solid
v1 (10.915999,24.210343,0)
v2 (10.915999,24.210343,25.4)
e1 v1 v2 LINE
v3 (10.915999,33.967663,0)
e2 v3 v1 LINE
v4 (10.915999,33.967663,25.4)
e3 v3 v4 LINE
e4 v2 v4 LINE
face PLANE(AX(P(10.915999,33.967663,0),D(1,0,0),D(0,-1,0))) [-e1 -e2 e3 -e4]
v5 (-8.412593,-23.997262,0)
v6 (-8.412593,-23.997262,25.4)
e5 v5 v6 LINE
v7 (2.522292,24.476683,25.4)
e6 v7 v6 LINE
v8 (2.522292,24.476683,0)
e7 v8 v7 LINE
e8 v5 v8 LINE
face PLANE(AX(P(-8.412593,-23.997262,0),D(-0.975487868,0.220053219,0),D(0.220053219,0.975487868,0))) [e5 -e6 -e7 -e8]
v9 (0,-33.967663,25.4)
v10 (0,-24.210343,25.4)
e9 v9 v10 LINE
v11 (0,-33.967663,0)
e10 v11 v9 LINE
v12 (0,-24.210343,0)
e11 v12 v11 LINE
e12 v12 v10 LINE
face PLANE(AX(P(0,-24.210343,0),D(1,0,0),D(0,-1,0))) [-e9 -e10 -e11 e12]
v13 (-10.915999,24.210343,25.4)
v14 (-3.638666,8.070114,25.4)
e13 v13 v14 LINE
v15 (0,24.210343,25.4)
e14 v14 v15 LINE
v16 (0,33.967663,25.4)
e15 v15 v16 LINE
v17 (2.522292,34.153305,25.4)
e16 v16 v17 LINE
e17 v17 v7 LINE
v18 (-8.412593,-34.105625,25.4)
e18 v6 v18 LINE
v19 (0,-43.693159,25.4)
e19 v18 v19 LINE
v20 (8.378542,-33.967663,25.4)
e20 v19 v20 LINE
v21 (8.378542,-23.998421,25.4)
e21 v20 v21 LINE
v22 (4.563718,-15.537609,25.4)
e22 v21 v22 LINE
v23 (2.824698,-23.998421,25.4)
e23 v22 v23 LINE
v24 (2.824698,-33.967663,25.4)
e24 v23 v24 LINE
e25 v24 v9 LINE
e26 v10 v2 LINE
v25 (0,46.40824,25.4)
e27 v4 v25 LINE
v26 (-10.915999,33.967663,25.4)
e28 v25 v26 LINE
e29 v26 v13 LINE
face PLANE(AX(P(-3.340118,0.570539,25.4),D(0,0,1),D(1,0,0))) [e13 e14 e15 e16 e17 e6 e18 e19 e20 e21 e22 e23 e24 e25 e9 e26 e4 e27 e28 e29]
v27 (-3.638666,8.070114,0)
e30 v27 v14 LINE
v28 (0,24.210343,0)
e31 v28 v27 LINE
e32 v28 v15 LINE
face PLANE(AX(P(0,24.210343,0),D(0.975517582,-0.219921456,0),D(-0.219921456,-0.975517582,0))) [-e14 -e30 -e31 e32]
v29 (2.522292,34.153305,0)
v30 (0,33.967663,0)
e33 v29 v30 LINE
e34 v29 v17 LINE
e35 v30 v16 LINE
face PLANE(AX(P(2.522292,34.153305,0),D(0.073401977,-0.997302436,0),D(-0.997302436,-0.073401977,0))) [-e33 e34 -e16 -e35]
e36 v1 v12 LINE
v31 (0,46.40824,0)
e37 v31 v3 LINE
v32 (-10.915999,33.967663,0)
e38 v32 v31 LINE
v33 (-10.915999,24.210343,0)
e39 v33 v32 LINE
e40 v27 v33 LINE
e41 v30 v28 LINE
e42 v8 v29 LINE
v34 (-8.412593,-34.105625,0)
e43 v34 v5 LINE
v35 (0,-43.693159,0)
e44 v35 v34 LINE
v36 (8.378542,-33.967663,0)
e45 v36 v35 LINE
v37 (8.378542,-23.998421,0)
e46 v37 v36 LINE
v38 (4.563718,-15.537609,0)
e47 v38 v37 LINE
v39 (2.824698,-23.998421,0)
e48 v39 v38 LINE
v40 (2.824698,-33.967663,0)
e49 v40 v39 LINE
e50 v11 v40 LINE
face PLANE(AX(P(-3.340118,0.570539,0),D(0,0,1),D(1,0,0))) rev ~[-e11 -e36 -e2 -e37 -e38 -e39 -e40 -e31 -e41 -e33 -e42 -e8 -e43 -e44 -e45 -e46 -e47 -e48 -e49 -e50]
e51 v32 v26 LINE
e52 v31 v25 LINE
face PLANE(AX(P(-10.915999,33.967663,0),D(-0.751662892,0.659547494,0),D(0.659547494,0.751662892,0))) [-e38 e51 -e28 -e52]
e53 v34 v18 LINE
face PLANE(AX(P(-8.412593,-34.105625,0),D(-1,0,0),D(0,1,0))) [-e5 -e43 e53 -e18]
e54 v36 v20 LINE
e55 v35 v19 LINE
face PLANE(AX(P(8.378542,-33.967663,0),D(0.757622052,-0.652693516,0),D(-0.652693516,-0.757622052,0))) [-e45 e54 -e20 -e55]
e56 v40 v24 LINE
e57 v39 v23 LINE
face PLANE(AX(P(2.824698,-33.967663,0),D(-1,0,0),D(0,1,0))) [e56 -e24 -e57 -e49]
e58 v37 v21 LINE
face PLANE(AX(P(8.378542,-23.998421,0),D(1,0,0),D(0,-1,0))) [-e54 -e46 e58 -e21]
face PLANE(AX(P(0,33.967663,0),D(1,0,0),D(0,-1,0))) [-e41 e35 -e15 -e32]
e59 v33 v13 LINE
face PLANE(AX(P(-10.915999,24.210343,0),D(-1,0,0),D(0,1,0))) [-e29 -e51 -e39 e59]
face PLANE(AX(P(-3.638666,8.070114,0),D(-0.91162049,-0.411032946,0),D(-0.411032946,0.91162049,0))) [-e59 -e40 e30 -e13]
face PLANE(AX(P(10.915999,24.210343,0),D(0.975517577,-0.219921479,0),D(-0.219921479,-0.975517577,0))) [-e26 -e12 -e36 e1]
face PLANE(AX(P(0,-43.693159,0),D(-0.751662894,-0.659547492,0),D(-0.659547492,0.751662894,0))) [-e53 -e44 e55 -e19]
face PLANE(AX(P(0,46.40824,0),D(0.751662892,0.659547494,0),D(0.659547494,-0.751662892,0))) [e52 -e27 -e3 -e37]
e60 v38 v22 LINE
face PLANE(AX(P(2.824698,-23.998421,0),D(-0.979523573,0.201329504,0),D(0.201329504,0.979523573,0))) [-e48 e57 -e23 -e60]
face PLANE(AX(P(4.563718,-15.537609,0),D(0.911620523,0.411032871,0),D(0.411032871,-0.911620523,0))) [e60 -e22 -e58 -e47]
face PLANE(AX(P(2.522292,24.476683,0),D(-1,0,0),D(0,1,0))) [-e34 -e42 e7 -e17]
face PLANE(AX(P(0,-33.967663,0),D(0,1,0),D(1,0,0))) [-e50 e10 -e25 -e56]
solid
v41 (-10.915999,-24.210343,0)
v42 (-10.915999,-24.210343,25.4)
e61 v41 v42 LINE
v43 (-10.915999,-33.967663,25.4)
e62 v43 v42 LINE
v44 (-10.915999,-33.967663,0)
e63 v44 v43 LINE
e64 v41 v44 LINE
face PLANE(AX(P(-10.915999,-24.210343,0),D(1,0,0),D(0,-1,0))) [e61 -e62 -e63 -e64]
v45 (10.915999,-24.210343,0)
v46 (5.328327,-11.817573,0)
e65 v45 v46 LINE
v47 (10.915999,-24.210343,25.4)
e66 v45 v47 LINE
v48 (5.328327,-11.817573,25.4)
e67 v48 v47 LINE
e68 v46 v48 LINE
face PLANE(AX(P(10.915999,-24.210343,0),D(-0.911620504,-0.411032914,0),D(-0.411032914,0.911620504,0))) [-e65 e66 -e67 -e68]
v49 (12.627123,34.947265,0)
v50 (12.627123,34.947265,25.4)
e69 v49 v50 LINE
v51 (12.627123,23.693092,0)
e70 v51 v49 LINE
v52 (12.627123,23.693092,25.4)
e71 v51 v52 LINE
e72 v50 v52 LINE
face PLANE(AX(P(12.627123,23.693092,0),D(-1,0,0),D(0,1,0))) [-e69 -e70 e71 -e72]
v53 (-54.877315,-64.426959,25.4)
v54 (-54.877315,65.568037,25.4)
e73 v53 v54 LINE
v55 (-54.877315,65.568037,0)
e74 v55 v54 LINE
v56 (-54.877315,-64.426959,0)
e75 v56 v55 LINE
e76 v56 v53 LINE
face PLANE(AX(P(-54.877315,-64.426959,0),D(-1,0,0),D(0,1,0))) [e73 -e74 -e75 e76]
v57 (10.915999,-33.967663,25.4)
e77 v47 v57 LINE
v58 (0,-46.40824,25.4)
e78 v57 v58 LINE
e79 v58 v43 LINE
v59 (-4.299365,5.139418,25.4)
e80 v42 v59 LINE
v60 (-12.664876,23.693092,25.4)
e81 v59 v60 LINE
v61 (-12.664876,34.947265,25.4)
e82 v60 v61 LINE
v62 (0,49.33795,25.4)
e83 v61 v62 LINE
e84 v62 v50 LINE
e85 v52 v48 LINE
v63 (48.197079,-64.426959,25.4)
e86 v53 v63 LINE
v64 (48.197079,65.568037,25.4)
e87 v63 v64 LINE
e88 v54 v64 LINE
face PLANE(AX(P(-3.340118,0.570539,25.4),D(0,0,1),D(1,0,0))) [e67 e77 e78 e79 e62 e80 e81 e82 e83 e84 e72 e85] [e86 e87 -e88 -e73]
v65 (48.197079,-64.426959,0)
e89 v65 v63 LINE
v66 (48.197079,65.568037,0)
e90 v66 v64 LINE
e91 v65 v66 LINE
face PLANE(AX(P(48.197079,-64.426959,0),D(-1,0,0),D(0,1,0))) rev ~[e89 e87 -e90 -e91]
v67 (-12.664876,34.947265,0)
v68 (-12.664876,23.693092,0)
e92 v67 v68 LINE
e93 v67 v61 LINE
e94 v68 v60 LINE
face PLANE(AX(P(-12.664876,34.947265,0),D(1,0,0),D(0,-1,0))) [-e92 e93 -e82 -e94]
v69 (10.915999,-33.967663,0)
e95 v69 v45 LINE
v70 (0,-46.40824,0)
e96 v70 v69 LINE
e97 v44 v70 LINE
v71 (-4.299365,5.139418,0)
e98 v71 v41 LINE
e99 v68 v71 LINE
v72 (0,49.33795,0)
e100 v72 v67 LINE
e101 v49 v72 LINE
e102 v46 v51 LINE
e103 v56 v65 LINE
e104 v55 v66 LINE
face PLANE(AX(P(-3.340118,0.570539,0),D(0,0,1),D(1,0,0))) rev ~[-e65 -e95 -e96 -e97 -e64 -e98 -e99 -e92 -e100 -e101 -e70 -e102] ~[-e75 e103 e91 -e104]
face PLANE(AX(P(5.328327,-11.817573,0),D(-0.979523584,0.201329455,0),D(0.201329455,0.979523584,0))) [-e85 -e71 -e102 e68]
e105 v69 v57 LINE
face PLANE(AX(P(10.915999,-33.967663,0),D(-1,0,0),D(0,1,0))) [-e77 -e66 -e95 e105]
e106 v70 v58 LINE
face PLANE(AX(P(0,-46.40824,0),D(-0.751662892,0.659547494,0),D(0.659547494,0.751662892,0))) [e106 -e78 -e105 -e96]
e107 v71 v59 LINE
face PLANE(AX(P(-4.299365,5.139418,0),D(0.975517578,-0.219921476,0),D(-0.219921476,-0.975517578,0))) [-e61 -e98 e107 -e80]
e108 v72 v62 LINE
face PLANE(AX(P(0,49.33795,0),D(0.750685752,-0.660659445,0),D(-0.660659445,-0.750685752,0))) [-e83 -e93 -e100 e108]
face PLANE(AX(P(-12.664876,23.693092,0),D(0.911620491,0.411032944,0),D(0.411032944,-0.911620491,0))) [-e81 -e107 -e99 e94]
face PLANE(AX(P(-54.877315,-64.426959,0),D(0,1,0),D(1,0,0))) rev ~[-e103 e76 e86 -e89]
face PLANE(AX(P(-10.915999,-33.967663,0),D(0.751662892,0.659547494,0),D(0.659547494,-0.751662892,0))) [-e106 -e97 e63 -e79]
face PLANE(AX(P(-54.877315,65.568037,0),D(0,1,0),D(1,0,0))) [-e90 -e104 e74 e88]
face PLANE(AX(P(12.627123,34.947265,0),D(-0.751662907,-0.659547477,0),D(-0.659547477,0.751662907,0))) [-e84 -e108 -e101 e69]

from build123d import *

# Parameters (mm, degrees)
F1_W     = 103.074394
F1_H     = 129.994996
F2_DEPTH = 25.4
F3_DEPTH = 43.688


with BuildPart() as f2:
    # F1 (on Top) → F2 (new body)
    with BuildSketch(Plane.XY):
        with Locations((-3.340118, 0.570539)):
            Rectangle(F1_W, F1_H)
    extrude(amount=F2_DEPTH)

    # F0 (on Top) → F3 (cut)
    with BuildSketch(Plane.XY):
        Polygon((0, 24.210343), (-3.638666, 8.070114), (-4.299365, 5.139418), (-10.915999, -24.210343), (-10.915999, -33.967663), (0, -46.40824), (10.915999, -33.967663), (10.915999, -24.210343), (5.328327, -11.817573), (4.563718, -15.537609), (8.378542, -23.998421), (8.378542, -33.967663), (0, -43.693159), (-8.412593, -34.105625), (-8.412593, -23.997262), (2.522292, 24.476683), (2.522292, 34.153305), (0, 33.967663), align=None)
        Polygon((-10.915999, 24.210343), (-10.915999, 33.967663), (0, 46.40824), (10.915999, 33.967663), (10.915999, 24.210343), (0, -24.210343), (0, -33.967663), (2.824698, -33.967663), (2.824698, -23.998421), (4.563718, -15.537609), (5.328327, -11.817573), (12.627123, 23.693092), (12.627123, 34.947265), (0, 49.33795), (-12.664876, 34.947265), (-12.664876, 23.693092), (-4.299365, 5.139418), (-3.638666, 8.070114), align=None)
    extrude(amount=F3_DEPTH, mode=Mode.SUBTRACT)


solid = f2.part
